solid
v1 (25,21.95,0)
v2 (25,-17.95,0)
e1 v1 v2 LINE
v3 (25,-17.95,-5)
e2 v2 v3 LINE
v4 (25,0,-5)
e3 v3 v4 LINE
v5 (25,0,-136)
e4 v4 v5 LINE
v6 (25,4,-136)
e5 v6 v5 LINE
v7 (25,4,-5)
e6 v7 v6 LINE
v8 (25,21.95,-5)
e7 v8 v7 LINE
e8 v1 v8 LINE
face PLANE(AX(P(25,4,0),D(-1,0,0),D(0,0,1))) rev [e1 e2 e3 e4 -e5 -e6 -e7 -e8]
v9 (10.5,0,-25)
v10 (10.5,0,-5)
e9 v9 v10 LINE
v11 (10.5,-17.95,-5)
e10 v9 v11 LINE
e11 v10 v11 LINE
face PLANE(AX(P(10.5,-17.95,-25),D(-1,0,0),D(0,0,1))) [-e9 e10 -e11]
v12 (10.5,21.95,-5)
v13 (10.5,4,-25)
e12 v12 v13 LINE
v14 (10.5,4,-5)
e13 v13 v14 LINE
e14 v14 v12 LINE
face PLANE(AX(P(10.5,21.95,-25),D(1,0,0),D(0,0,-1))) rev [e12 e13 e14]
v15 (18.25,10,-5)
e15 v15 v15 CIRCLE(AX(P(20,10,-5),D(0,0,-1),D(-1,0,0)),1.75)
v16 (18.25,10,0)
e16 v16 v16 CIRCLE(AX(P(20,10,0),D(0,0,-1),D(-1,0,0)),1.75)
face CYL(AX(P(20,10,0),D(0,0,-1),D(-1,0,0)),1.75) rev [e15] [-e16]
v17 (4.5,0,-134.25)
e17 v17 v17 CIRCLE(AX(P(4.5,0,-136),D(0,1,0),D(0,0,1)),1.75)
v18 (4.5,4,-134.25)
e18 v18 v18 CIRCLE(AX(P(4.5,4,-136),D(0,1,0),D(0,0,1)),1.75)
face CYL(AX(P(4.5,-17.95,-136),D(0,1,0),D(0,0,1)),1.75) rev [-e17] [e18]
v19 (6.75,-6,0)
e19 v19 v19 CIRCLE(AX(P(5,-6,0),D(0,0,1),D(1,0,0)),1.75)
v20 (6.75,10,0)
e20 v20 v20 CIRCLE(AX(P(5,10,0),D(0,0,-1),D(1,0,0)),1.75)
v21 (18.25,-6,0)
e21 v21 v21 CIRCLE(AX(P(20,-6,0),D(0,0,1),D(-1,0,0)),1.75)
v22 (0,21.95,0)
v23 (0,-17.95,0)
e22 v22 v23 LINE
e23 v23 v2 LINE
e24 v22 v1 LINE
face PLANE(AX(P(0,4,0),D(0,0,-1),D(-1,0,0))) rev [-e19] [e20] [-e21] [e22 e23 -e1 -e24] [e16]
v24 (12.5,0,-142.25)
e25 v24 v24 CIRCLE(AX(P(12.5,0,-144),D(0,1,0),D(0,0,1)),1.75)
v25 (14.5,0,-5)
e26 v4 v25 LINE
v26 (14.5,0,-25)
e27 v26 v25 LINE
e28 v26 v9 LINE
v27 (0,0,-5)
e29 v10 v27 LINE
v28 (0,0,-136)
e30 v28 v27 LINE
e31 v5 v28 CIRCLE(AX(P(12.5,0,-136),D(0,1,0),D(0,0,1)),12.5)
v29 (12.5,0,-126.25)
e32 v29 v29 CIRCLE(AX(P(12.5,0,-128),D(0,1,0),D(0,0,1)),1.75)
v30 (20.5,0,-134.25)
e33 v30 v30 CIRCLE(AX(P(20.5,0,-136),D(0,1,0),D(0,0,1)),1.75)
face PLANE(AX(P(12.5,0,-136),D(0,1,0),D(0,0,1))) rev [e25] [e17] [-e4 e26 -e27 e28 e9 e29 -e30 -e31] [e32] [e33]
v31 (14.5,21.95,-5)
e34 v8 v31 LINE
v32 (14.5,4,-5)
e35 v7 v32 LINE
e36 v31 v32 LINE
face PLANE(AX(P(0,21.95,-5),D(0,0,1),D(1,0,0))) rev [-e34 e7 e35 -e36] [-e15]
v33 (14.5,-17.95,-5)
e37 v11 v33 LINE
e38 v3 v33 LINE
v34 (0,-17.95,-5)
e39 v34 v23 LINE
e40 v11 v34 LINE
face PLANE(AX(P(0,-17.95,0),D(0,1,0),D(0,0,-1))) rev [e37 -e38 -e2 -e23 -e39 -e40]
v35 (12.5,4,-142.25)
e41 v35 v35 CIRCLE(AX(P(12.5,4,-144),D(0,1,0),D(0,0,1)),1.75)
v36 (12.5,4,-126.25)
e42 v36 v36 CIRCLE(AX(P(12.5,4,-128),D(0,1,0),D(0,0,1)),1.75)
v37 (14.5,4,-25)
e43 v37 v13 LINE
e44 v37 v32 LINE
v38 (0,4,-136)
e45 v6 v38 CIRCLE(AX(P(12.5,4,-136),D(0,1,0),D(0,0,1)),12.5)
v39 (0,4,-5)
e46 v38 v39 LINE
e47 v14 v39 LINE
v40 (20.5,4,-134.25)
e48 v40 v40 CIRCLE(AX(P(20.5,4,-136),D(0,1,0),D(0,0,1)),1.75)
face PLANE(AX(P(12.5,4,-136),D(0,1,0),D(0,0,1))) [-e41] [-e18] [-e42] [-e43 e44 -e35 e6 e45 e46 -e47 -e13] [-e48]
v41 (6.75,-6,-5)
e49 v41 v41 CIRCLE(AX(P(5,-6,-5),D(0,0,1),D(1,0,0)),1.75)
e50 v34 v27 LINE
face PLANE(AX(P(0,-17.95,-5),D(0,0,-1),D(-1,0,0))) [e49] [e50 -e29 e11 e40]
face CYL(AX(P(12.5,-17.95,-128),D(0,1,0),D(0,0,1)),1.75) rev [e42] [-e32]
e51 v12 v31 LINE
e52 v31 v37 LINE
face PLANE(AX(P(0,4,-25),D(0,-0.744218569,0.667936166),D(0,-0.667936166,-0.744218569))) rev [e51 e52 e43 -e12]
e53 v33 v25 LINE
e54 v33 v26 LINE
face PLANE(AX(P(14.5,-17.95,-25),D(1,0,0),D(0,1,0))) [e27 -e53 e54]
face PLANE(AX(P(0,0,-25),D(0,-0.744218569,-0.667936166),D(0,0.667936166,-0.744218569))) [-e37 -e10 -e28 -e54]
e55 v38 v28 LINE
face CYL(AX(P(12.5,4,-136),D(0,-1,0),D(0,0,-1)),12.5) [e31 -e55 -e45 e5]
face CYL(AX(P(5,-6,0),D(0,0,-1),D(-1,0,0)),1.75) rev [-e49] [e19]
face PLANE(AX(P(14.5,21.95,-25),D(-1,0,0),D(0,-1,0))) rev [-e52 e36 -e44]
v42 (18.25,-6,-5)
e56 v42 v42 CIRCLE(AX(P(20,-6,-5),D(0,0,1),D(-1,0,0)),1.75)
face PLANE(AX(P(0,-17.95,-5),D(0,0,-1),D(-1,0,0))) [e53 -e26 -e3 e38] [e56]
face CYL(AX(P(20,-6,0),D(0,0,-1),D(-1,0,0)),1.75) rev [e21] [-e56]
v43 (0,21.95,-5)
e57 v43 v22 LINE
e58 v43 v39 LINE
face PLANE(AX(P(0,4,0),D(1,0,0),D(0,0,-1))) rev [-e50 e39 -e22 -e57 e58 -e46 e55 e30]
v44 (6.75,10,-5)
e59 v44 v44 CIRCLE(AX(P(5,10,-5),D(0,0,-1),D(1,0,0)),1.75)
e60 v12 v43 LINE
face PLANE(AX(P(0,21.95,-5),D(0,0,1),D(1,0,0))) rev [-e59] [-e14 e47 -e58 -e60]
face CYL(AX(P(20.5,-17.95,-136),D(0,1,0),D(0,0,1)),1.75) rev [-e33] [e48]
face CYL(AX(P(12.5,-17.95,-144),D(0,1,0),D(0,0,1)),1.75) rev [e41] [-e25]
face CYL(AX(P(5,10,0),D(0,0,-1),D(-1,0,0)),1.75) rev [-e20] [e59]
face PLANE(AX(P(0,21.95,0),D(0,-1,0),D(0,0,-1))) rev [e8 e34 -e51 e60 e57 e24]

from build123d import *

# Parameters (mm, degrees)
BOSS_EXTRUDE1_DEPTH = 4
SKETCH2_W           = 25
SKETCH2_H           = 5
BOSS_EXTRUDE2_DEPTH = 17.95
SKETCH3_R           = 1.75
CUT_EXTRUDE1_DEPTH  = 6
SKETCH4_W           = 4
SKETCH4_H           = 17.95
BOSS_EXTRUDE3_DEPTH = 20
CUT_EXTRUDE2_DEPTH  = 15.5
SKETCH6_R           = 1.75
CUT_EXTRUDE3_DEPTH  = 22.95


with BuildPart() as part:
    # Sketch1 → Boss-Extrude1 (new body)
    with BuildSketch(Plane(origin=(0, 0, 0), x_dir=(1, 0, 0), z_dir=(0, 1, 0))):
        with BuildLine():
            Line((0, 0), (25, 0))
            Line((25, 0), (25, 136))
            ThreePointArc((25, 136), (12.5, 148.5), (0, 136))
            Line((0, 136), (0, 0))
        make_face()
    extrude(amount=BOSS_EXTRUDE1_DEPTH)

    # Sketch2 → Boss-Extrude2 (add)
    with BuildSketch(Plane(origin=(0, 4, 0), x_dir=(1, 0, 0), z_dir=(0, 1, 0))):
        with Locations((12.5, 2.5)):
            Rectangle(SKETCH2_W, SKETCH2_H)
    boss_extrude2 = extrude(amount=BOSS_EXTRUDE2_DEPTH)

    # Sketch3 → Cut-Extrude1 (cut, through all)
    with BuildSketch(Plane(origin=(0, 0, -5), x_dir=(-1, 0, 0), z_dir=(0, 0, -1))):
        with Locations((-20, 10)):
            Circle(SKETCH3_R)
        with Locations((-5, 10)):
            Circle(SKETCH3_R)
    cut_extrude1 = extrude(amount=-CUT_EXTRUDE1_DEPTH, mode=Mode.SUBTRACT)

    # Sketch4 → Boss-Extrude3 (add)
    with BuildSketch(Plane(origin=(0, 0, -5), x_dir=(-1, 0, 0), z_dir=(0, 0, -1))):
        with Locations((-12.5, 12.975)):
            Rectangle(SKETCH4_W, SKETCH4_H)
    boss_extrude3 = extrude(amount=BOSS_EXTRUDE3_DEPTH)

    # Sketch5 → Cut-Extrude2 (cut, through all)
    with BuildSketch(Plane(origin=(14.5, 0, 0), x_dir=(0, 0, -1), z_dir=(1, 0, 0))):
        Polygon((25, 4), (5, 21.95), (25, 21.95), align=None)
    cut_extrude2 = extrude(amount=-CUT_EXTRUDE2_DEPTH, mode=Mode.SUBTRACT)

    # Mirror1: Boss-Extrude2, Cut-Extrude1, Boss-Extrude3, Cut-Extrude2 across plane
    add(boss_extrude2.mirror(Plane.ZX.offset(2)))
    add(cut_extrude1.mirror(Plane.ZX.offset(2)), mode=Mode.SUBTRACT)
    add(boss_extrude3.mirror(Plane.ZX.offset(2)))
    add(cut_extrude2.mirror(Plane.ZX.offset(2)), mode=Mode.SUBTRACT)

    # Sketch6 → Cut-Extrude3 (cut, through all)
    with BuildSketch(Plane(origin=(0, 4, 0), x_dir=(1, 0, 0), z_dir=(0, 1, 0))):
        with Locations((12.5, 144)):
            Circle(SKETCH6_R)
        with Locations((20.5, 136)):
            Circle(SKETCH6_R)
        with Locations((12.5, 128)):
            Circle(SKETCH6_R)
        with Locations((4.5, 136)):
            Circle(SKETCH6_R)
    extrude(amount=-CUT_EXTRUDE3_DEPTH, mode=Mode.SUBTRACT)


solid = part.part
